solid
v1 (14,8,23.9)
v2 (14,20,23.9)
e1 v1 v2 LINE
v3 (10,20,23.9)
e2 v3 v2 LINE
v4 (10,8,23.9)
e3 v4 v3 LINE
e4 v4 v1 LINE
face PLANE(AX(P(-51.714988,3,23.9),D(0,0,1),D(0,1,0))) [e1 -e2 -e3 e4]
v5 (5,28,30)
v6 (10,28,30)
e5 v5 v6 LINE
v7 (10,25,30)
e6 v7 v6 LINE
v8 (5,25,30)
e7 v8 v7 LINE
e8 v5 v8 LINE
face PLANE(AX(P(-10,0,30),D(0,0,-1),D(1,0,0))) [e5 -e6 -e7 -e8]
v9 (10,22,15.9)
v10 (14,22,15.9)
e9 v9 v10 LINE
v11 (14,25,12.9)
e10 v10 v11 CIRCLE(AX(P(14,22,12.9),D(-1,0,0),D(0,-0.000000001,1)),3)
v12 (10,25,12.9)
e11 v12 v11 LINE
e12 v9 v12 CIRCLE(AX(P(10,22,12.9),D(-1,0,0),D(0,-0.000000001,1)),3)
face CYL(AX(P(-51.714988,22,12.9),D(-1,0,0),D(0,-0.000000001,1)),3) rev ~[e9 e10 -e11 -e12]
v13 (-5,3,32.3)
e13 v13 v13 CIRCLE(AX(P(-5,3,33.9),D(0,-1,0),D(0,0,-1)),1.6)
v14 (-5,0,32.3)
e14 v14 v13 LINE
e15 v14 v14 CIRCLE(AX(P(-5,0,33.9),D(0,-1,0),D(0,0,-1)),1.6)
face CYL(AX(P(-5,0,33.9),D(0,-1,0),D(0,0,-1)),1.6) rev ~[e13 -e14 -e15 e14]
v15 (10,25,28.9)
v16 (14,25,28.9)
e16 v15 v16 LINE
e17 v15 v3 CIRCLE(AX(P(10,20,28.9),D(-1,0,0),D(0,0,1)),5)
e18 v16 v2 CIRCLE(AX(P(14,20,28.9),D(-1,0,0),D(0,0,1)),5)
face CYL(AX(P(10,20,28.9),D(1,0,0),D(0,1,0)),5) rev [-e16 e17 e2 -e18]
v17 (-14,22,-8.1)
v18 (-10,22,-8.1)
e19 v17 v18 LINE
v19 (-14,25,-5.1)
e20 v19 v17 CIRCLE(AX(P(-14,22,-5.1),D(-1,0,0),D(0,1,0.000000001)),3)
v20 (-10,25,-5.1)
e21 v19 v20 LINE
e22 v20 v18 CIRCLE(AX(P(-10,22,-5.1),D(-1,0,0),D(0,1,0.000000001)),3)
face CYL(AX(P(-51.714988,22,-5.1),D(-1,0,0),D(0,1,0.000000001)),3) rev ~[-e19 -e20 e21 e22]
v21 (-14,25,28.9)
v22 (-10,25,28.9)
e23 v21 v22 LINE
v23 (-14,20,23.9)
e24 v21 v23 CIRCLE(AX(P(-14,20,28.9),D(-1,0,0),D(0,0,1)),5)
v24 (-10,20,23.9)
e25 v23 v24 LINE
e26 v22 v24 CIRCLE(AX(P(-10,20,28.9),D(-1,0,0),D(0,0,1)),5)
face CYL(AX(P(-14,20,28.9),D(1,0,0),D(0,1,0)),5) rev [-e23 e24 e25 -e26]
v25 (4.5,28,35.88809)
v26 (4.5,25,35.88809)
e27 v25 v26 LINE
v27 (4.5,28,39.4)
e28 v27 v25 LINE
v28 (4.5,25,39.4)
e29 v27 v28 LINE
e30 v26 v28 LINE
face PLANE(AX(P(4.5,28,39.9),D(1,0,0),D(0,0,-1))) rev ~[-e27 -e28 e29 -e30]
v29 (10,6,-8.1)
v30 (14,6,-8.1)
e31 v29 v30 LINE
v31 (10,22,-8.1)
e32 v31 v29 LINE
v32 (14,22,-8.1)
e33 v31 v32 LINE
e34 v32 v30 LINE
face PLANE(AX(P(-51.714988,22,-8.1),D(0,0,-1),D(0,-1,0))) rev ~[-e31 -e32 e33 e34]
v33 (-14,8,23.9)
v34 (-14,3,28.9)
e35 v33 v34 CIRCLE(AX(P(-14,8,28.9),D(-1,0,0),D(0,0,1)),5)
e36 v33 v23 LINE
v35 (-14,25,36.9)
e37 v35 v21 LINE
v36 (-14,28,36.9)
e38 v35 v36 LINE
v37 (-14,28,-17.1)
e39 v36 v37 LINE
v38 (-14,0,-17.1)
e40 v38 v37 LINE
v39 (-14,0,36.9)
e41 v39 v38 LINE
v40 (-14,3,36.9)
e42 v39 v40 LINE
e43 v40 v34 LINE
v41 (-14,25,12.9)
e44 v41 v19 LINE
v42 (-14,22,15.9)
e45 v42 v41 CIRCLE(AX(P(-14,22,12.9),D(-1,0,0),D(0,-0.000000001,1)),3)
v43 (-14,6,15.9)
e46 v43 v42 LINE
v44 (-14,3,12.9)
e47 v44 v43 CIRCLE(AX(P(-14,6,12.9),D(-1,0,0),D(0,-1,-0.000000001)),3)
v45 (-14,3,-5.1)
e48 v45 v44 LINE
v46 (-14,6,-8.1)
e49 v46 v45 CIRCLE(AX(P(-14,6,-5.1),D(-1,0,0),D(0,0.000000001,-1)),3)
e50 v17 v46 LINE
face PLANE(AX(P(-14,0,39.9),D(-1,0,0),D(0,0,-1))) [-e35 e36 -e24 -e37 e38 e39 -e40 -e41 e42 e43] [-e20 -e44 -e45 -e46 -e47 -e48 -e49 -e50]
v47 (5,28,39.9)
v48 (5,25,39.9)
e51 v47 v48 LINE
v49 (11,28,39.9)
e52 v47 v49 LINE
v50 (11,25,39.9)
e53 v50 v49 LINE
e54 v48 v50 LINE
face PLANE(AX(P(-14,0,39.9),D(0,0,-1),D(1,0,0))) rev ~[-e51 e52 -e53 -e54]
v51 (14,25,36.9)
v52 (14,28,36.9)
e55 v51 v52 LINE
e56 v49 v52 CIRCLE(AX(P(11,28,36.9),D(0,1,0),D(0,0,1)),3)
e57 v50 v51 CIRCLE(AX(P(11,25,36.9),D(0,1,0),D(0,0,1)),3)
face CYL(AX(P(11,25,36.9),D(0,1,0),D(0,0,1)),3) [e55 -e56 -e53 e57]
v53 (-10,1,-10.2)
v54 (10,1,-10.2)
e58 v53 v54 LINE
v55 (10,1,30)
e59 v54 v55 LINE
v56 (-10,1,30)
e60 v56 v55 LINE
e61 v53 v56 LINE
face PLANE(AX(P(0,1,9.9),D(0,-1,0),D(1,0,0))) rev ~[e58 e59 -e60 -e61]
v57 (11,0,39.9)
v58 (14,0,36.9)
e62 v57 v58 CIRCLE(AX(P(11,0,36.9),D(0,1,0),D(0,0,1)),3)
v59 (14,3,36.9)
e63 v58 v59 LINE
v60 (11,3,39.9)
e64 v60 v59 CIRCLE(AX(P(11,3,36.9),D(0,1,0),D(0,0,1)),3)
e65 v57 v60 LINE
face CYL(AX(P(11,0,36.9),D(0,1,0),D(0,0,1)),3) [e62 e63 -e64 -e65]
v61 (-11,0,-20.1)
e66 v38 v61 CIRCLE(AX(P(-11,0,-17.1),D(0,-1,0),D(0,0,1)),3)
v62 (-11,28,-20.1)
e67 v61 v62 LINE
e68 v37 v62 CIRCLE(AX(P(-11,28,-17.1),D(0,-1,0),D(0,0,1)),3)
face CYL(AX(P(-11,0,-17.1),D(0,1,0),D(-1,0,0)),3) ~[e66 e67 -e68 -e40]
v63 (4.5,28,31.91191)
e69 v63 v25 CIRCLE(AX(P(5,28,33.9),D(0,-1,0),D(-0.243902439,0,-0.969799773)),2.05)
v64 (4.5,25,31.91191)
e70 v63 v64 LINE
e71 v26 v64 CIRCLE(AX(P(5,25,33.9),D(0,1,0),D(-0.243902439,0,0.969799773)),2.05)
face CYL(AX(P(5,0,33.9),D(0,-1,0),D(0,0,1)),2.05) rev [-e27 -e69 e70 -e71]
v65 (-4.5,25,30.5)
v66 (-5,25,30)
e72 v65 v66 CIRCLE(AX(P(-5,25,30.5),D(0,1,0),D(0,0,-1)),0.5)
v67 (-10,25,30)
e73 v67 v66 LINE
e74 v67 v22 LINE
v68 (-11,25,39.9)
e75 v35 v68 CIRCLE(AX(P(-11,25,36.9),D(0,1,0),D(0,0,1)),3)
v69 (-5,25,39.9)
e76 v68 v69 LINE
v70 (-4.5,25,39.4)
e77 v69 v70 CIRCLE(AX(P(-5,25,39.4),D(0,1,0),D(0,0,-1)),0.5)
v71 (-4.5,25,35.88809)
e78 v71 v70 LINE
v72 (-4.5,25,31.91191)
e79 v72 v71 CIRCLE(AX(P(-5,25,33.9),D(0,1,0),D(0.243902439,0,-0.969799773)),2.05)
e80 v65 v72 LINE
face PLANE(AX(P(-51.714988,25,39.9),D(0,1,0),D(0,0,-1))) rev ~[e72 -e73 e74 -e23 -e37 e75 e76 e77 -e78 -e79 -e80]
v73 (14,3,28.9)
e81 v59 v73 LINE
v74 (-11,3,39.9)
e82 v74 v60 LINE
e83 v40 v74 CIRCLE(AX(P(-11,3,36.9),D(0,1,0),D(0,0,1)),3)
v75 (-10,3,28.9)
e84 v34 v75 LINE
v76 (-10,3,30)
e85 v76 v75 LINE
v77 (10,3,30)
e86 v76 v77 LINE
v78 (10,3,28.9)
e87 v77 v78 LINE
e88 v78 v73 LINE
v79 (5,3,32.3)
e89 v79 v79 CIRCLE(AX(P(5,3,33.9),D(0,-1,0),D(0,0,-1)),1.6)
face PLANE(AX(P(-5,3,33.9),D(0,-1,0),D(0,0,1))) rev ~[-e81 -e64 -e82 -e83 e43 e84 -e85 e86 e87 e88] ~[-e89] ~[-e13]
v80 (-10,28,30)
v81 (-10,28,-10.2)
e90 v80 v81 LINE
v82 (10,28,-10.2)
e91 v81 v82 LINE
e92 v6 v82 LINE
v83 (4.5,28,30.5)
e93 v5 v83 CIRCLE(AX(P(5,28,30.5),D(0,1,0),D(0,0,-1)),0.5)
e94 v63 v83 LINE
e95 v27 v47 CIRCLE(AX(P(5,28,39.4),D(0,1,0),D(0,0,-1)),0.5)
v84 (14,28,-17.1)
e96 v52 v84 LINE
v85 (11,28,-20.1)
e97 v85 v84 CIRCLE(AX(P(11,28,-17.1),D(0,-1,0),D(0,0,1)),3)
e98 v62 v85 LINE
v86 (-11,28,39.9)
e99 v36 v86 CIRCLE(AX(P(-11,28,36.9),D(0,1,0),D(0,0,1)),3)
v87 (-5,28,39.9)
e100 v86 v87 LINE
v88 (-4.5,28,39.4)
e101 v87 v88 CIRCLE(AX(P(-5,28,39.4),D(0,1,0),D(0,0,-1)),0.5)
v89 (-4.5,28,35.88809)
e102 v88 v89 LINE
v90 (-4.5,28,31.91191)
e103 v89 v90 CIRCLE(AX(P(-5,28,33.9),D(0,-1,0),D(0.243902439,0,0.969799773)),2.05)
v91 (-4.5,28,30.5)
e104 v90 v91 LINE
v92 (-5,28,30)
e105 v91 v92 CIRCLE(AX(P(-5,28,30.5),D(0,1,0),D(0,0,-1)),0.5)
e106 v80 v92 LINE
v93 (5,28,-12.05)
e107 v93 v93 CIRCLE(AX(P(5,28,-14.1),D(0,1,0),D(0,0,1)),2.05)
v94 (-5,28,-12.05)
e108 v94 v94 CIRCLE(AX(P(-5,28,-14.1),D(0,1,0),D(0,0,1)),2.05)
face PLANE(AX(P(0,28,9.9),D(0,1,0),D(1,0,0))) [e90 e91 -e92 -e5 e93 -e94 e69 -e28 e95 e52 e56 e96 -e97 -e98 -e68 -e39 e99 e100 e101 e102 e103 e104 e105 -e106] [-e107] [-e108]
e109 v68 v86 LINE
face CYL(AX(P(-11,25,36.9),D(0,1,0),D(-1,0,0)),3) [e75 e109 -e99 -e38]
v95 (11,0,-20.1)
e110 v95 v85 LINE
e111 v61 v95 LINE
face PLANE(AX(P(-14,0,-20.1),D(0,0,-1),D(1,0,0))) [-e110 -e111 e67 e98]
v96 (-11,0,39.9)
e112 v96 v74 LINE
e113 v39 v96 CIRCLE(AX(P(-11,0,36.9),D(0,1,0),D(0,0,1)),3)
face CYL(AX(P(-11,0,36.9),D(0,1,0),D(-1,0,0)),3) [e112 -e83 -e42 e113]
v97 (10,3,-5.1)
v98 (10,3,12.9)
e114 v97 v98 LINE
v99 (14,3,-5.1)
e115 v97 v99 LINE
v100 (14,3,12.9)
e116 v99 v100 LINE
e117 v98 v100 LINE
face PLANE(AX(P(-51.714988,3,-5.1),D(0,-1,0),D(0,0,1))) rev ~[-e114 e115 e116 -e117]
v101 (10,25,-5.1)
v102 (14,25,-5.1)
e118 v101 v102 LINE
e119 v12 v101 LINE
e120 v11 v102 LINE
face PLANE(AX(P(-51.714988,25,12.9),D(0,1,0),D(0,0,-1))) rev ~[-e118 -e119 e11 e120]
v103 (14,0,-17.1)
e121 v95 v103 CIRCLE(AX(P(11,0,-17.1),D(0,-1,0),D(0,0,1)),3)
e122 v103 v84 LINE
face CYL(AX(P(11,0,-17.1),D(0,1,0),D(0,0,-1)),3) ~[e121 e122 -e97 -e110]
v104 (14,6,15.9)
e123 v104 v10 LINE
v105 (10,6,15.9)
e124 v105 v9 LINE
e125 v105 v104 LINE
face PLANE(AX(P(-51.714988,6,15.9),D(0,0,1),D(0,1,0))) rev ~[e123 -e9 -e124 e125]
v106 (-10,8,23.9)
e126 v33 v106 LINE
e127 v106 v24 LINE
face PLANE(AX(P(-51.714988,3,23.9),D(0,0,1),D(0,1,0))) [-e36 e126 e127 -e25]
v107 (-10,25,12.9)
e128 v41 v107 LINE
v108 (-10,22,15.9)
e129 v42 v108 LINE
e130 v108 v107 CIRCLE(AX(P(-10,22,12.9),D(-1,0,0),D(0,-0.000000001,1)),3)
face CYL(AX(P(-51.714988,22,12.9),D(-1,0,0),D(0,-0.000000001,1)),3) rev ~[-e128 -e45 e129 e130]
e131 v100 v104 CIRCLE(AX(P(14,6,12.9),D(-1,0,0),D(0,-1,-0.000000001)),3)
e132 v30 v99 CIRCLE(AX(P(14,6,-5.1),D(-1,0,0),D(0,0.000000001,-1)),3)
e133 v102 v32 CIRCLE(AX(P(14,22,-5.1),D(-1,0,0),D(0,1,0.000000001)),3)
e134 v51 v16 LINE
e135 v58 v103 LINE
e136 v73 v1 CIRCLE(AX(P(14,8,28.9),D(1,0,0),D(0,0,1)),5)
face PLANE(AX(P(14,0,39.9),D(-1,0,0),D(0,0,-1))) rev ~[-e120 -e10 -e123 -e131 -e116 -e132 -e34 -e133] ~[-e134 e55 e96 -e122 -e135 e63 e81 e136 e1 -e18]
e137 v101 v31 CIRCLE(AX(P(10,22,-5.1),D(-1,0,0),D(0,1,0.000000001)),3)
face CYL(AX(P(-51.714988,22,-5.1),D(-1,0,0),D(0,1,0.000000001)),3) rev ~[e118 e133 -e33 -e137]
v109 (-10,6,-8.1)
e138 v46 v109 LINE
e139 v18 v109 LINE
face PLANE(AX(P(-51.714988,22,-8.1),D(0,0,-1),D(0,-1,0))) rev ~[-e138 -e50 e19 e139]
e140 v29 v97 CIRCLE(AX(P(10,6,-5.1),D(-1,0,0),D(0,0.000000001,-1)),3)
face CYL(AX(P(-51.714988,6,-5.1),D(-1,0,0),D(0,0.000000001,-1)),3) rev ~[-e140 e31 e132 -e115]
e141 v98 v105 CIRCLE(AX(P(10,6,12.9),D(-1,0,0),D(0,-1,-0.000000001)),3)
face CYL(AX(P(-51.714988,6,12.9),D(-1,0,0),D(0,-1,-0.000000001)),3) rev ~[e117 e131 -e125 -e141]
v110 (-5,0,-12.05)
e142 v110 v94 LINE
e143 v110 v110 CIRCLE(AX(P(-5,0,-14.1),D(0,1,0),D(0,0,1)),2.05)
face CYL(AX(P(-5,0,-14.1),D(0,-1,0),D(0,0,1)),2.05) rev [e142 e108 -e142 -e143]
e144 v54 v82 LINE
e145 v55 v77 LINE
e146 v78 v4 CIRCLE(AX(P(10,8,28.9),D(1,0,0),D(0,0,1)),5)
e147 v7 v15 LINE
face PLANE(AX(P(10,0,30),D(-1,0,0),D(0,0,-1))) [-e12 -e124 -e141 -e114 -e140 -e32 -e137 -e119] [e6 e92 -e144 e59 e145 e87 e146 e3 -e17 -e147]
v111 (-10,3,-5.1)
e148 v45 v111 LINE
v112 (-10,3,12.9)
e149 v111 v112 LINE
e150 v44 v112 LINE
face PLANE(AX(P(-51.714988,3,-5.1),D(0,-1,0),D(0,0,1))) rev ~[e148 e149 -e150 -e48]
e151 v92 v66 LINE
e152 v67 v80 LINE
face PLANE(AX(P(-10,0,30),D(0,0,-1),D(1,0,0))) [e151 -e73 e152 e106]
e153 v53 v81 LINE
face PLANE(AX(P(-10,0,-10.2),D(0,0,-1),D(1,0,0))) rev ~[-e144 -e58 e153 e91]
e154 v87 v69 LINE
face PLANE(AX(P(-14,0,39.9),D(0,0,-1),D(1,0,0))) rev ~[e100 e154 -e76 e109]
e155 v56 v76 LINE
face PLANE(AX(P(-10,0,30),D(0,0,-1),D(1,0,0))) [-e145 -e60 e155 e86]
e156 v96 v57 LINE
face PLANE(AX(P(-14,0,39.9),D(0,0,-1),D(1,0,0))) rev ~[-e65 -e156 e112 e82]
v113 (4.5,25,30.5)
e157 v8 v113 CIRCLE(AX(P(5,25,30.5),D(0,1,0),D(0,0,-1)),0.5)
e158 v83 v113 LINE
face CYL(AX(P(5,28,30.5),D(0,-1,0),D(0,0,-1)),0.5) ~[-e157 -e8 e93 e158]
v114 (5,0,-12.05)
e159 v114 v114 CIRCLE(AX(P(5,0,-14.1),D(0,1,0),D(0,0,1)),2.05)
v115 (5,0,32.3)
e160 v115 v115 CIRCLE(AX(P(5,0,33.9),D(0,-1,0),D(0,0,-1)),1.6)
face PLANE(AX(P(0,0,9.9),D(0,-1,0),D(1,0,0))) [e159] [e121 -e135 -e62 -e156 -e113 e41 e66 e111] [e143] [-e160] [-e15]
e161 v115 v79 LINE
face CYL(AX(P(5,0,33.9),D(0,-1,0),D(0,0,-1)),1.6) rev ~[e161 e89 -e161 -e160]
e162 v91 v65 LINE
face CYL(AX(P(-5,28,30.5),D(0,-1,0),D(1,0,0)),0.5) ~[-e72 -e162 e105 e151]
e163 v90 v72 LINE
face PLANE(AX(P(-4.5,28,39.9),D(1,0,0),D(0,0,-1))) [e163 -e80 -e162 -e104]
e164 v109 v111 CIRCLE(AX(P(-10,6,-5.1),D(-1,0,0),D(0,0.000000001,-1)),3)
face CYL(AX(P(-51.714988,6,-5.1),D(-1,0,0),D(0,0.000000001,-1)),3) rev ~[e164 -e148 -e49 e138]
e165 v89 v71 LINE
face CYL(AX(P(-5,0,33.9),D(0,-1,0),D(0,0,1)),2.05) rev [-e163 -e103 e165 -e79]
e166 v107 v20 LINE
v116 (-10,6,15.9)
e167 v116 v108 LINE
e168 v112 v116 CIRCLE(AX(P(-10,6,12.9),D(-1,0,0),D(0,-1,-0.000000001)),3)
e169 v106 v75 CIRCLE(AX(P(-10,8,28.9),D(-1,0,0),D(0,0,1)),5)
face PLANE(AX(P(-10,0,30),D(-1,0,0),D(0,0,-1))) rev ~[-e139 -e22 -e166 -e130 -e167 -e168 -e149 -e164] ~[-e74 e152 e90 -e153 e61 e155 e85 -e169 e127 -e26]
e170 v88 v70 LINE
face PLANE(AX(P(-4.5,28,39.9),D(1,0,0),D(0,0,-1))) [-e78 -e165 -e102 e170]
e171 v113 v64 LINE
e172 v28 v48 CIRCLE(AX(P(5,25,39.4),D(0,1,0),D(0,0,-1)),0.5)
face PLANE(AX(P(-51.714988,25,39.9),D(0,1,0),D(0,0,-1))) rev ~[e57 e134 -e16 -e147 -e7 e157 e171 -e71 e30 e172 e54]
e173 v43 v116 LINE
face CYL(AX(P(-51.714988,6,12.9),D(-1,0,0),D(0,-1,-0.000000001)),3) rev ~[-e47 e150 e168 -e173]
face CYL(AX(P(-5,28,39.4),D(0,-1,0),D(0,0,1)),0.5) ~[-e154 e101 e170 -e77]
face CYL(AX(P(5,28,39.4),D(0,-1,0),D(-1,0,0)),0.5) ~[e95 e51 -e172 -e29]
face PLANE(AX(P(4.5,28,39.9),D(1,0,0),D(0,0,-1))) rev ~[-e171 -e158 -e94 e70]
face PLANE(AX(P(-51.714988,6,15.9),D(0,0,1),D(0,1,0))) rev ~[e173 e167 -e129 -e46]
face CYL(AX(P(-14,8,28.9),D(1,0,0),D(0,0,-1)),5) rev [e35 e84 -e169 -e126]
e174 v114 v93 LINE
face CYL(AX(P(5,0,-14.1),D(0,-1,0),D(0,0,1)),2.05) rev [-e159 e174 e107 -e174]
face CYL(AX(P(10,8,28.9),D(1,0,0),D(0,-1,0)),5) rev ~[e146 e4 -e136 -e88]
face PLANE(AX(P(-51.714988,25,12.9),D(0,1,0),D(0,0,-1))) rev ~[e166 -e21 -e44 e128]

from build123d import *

# Parameters (mm, degrees)
SKETCH_1_W                      = 28
SKETCH_1_H                      = 60
SKETCH_1_R                      = 2.05
SKETCH_1_W_2                    = 20
SKETCH_1_H_2                    = 40.2
EXTRUDE_1_DEPTH                 = 28
CUT_EXTRUDE_3_DEPTH             = 51.714987923
CUT_EXTRUDE_3_DEPTH_BACK        = 51.714987923
SKETCH_4_W                      = 16
SKETCH_4_H                      = 22
FILLET_3_R                      = 5
FILLET_1_R                      = 3
SKETCH_6_R                      = 2.05
SKETCH_6_R_2                    = 1.6
EXTRUDE_3_DEPTH                 = 3
CUT_EXTRUDE_4_REACH             = 52.715
SKETCH_7_W                      = 9
SKETCH_7_H                      = 9.9
CUT_EXTRUDE_4_DIRECTION_2_DEPTH = 51.714987923
SKETCH_9_W                      = 20
SKETCH_9_H                      = 40.2
EXTRUDE_4_DEPTH                 = 1
FILLET_4_R                      = 0.5


with BuildPart() as part:
    # 草图1 → 凸台-拉伸1 (new body)
    with BuildSketch(Plane(origin=(0, 0, 0), x_dir=(1, 0, 0), z_dir=(0, 1, 0))):
        with Locations((0, -9.9)):
            Rectangle(SKETCH_1_W, SKETCH_1_H)
        with Locations(Location((-5, 14.1, 0), (0, 0, 270))):
            Circle(SKETCH_1_R, mode=Mode.SUBTRACT)
        with Locations(Location((5, 14.1, 0), (0, 0, 270))):
            Circle(SKETCH_1_R, mode=Mode.SUBTRACT)
        with Locations(Location((-5, -33.9, 0), (0, 0, 270))):
            Circle(SKETCH_1_R, mode=Mode.SUBTRACT)
        with Locations(Location((5, -33.9, 0), (0, 0, 270))):
            Circle(SKETCH_1_R, mode=Mode.SUBTRACT)
        with Locations((0, -9.9)):
            Rectangle(SKETCH_1_W_2, SKETCH_1_H_2, mode=Mode.SUBTRACT)
    extrude(amount=EXTRUDE_1_DEPTH)

    # 草图4 → 切除-拉伸3 (cut, two sides: drawn at the far end of the back side and taken through both)
    with BuildSketch(Plane(origin=(0, 0, 0), x_dir=(0, 0, -1), z_dir=(1, 0, 0)).offset(-CUT_EXTRUDE_3_DEPTH_BACK)):
        with Locations((-31.9, 14)):
            Rectangle(SKETCH_4_W, SKETCH_4_H)
        with BuildLine():
            Line((-12.9, 25), (5.1, 25))
            ThreePointArc((5.1, 25), (7.221320344, 24.121320344), (8.1, 22))
            Line((8.1, 22), (8.1, 6))
            ThreePointArc((8.1, 6), (7.221320344, 3.878679656), (5.1, 3))
            Line((5.1, 3), (-12.9, 3))
            ThreePointArc((-12.9, 3), (-15.021320344, 3.878679656), (-15.9, 6))
            Line((-15.9, 6), (-15.9, 22))
            ThreePointArc((-15.9, 22), (-15.021320344, 24.121320344), (-12.9, 25))
        make_face()
    extrude(amount=CUT_EXTRUDE_3_DEPTH + CUT_EXTRUDE_3_DEPTH_BACK, mode=Mode.SUBTRACT)

    # 圆角3
    fillet_3_edges = [part.edges().sort_by_distance(p)[0] for p in [
        (-12, 25, 23.9),
        (12, 25, 23.9),
        (12, 3, 23.9),
        (-12, 3, 23.9),
    ]]
    fillet(fillet_3_edges, radius=FILLET_3_R)

    # 圆角1
    fillet_1_edges = [part.edges().sort_by_distance(p)[0] for p in [
        (14, 1.5, 39.9),
        (-14, 1.5, 39.9),
        (14, 26.5, 39.9),
        (-14, 26.5, 39.9),
        (-14, 14, -20.1),
        (14, 14, -20.1),
    ]]
    fillet(fillet_1_edges, radius=FILLET_1_R)

    # 草图6 → 凸台-拉伸3 (add)
    # profile 1 of 2: a face of its own
    with BuildSketch(Plane.XZ):
        with Locations(Location((-5, 33.9, 0), (0, 0, 90))):
            Circle(SKETCH_6_R)
        with Locations(Location((-5, 33.9, 0), (0, 0, 270))):
            Circle(SKETCH_6_R_2, mode=Mode.SUBTRACT)
    # profile 2 of 2: a face of its own
    with BuildSketch(Plane.XZ):
        with Locations(Location((5, 33.9, 0), (0, 0, 90))):
            Circle(SKETCH_6_R)
        with Locations(Location((5, 33.9, 0), (0, 0, 270))):
            Circle(SKETCH_6_R_2, mode=Mode.SUBTRACT)
    extrude(amount=-EXTRUDE_3_DEPTH)

    # 草图7 → 切除-拉伸4 (cut, up to next)
    with BuildSketch(Plane(origin=(0, 28, 0), x_dir=(1, 0, 0), z_dir=(0, 1, 0)), mode=Mode.PRIVATE) as cut_extrude_4_sk1:
        with Locations((0, -34.95)):
            Rectangle(SKETCH_7_W, SKETCH_7_H)
    cut_extrude_4_tool1 = extrude(cut_extrude_4_sk1.sketch, amount=-CUT_EXTRUDE_4_REACH, mode=Mode.PRIVATE) & part.part
    add(cut_extrude_4_tool1.solids().sort_by_distance((0, 28, 34.95))[0], mode=Mode.SUBTRACT)

    # 草图7 → 切除-拉伸4 direction 2 (cut)
    with BuildSketch(Plane(origin=(0, 28, 0), x_dir=(1, 0, 0), z_dir=(0, 1, 0))):
        with Locations((0, -34.95)):
            Rectangle(SKETCH_7_W, SKETCH_7_H)
    extrude(amount=CUT_EXTRUDE_4_DIRECTION_2_DEPTH, mode=Mode.SUBTRACT)

    # 草图9 → 凸台-拉伸4 (add)
    with BuildSketch(Plane.XZ):
        with Locations((0, 9.9)):
            Rectangle(SKETCH_9_W, SKETCH_9_H)
    extrude(amount=-EXTRUDE_4_DEPTH)

    # 圆角4
    fillet_4_edges = [part.edges().sort_by_distance(p)[0] for p in [
        (-4.5, 26.5, 30),
        (-4.5, 26.5, 39.9),
        (4.5, 26.5, 39.9),
        (4.5, 26.5, 30),
    ]]
    fillet(fillet_4_edges, radius=FILLET_4_R)


solid = part.part
